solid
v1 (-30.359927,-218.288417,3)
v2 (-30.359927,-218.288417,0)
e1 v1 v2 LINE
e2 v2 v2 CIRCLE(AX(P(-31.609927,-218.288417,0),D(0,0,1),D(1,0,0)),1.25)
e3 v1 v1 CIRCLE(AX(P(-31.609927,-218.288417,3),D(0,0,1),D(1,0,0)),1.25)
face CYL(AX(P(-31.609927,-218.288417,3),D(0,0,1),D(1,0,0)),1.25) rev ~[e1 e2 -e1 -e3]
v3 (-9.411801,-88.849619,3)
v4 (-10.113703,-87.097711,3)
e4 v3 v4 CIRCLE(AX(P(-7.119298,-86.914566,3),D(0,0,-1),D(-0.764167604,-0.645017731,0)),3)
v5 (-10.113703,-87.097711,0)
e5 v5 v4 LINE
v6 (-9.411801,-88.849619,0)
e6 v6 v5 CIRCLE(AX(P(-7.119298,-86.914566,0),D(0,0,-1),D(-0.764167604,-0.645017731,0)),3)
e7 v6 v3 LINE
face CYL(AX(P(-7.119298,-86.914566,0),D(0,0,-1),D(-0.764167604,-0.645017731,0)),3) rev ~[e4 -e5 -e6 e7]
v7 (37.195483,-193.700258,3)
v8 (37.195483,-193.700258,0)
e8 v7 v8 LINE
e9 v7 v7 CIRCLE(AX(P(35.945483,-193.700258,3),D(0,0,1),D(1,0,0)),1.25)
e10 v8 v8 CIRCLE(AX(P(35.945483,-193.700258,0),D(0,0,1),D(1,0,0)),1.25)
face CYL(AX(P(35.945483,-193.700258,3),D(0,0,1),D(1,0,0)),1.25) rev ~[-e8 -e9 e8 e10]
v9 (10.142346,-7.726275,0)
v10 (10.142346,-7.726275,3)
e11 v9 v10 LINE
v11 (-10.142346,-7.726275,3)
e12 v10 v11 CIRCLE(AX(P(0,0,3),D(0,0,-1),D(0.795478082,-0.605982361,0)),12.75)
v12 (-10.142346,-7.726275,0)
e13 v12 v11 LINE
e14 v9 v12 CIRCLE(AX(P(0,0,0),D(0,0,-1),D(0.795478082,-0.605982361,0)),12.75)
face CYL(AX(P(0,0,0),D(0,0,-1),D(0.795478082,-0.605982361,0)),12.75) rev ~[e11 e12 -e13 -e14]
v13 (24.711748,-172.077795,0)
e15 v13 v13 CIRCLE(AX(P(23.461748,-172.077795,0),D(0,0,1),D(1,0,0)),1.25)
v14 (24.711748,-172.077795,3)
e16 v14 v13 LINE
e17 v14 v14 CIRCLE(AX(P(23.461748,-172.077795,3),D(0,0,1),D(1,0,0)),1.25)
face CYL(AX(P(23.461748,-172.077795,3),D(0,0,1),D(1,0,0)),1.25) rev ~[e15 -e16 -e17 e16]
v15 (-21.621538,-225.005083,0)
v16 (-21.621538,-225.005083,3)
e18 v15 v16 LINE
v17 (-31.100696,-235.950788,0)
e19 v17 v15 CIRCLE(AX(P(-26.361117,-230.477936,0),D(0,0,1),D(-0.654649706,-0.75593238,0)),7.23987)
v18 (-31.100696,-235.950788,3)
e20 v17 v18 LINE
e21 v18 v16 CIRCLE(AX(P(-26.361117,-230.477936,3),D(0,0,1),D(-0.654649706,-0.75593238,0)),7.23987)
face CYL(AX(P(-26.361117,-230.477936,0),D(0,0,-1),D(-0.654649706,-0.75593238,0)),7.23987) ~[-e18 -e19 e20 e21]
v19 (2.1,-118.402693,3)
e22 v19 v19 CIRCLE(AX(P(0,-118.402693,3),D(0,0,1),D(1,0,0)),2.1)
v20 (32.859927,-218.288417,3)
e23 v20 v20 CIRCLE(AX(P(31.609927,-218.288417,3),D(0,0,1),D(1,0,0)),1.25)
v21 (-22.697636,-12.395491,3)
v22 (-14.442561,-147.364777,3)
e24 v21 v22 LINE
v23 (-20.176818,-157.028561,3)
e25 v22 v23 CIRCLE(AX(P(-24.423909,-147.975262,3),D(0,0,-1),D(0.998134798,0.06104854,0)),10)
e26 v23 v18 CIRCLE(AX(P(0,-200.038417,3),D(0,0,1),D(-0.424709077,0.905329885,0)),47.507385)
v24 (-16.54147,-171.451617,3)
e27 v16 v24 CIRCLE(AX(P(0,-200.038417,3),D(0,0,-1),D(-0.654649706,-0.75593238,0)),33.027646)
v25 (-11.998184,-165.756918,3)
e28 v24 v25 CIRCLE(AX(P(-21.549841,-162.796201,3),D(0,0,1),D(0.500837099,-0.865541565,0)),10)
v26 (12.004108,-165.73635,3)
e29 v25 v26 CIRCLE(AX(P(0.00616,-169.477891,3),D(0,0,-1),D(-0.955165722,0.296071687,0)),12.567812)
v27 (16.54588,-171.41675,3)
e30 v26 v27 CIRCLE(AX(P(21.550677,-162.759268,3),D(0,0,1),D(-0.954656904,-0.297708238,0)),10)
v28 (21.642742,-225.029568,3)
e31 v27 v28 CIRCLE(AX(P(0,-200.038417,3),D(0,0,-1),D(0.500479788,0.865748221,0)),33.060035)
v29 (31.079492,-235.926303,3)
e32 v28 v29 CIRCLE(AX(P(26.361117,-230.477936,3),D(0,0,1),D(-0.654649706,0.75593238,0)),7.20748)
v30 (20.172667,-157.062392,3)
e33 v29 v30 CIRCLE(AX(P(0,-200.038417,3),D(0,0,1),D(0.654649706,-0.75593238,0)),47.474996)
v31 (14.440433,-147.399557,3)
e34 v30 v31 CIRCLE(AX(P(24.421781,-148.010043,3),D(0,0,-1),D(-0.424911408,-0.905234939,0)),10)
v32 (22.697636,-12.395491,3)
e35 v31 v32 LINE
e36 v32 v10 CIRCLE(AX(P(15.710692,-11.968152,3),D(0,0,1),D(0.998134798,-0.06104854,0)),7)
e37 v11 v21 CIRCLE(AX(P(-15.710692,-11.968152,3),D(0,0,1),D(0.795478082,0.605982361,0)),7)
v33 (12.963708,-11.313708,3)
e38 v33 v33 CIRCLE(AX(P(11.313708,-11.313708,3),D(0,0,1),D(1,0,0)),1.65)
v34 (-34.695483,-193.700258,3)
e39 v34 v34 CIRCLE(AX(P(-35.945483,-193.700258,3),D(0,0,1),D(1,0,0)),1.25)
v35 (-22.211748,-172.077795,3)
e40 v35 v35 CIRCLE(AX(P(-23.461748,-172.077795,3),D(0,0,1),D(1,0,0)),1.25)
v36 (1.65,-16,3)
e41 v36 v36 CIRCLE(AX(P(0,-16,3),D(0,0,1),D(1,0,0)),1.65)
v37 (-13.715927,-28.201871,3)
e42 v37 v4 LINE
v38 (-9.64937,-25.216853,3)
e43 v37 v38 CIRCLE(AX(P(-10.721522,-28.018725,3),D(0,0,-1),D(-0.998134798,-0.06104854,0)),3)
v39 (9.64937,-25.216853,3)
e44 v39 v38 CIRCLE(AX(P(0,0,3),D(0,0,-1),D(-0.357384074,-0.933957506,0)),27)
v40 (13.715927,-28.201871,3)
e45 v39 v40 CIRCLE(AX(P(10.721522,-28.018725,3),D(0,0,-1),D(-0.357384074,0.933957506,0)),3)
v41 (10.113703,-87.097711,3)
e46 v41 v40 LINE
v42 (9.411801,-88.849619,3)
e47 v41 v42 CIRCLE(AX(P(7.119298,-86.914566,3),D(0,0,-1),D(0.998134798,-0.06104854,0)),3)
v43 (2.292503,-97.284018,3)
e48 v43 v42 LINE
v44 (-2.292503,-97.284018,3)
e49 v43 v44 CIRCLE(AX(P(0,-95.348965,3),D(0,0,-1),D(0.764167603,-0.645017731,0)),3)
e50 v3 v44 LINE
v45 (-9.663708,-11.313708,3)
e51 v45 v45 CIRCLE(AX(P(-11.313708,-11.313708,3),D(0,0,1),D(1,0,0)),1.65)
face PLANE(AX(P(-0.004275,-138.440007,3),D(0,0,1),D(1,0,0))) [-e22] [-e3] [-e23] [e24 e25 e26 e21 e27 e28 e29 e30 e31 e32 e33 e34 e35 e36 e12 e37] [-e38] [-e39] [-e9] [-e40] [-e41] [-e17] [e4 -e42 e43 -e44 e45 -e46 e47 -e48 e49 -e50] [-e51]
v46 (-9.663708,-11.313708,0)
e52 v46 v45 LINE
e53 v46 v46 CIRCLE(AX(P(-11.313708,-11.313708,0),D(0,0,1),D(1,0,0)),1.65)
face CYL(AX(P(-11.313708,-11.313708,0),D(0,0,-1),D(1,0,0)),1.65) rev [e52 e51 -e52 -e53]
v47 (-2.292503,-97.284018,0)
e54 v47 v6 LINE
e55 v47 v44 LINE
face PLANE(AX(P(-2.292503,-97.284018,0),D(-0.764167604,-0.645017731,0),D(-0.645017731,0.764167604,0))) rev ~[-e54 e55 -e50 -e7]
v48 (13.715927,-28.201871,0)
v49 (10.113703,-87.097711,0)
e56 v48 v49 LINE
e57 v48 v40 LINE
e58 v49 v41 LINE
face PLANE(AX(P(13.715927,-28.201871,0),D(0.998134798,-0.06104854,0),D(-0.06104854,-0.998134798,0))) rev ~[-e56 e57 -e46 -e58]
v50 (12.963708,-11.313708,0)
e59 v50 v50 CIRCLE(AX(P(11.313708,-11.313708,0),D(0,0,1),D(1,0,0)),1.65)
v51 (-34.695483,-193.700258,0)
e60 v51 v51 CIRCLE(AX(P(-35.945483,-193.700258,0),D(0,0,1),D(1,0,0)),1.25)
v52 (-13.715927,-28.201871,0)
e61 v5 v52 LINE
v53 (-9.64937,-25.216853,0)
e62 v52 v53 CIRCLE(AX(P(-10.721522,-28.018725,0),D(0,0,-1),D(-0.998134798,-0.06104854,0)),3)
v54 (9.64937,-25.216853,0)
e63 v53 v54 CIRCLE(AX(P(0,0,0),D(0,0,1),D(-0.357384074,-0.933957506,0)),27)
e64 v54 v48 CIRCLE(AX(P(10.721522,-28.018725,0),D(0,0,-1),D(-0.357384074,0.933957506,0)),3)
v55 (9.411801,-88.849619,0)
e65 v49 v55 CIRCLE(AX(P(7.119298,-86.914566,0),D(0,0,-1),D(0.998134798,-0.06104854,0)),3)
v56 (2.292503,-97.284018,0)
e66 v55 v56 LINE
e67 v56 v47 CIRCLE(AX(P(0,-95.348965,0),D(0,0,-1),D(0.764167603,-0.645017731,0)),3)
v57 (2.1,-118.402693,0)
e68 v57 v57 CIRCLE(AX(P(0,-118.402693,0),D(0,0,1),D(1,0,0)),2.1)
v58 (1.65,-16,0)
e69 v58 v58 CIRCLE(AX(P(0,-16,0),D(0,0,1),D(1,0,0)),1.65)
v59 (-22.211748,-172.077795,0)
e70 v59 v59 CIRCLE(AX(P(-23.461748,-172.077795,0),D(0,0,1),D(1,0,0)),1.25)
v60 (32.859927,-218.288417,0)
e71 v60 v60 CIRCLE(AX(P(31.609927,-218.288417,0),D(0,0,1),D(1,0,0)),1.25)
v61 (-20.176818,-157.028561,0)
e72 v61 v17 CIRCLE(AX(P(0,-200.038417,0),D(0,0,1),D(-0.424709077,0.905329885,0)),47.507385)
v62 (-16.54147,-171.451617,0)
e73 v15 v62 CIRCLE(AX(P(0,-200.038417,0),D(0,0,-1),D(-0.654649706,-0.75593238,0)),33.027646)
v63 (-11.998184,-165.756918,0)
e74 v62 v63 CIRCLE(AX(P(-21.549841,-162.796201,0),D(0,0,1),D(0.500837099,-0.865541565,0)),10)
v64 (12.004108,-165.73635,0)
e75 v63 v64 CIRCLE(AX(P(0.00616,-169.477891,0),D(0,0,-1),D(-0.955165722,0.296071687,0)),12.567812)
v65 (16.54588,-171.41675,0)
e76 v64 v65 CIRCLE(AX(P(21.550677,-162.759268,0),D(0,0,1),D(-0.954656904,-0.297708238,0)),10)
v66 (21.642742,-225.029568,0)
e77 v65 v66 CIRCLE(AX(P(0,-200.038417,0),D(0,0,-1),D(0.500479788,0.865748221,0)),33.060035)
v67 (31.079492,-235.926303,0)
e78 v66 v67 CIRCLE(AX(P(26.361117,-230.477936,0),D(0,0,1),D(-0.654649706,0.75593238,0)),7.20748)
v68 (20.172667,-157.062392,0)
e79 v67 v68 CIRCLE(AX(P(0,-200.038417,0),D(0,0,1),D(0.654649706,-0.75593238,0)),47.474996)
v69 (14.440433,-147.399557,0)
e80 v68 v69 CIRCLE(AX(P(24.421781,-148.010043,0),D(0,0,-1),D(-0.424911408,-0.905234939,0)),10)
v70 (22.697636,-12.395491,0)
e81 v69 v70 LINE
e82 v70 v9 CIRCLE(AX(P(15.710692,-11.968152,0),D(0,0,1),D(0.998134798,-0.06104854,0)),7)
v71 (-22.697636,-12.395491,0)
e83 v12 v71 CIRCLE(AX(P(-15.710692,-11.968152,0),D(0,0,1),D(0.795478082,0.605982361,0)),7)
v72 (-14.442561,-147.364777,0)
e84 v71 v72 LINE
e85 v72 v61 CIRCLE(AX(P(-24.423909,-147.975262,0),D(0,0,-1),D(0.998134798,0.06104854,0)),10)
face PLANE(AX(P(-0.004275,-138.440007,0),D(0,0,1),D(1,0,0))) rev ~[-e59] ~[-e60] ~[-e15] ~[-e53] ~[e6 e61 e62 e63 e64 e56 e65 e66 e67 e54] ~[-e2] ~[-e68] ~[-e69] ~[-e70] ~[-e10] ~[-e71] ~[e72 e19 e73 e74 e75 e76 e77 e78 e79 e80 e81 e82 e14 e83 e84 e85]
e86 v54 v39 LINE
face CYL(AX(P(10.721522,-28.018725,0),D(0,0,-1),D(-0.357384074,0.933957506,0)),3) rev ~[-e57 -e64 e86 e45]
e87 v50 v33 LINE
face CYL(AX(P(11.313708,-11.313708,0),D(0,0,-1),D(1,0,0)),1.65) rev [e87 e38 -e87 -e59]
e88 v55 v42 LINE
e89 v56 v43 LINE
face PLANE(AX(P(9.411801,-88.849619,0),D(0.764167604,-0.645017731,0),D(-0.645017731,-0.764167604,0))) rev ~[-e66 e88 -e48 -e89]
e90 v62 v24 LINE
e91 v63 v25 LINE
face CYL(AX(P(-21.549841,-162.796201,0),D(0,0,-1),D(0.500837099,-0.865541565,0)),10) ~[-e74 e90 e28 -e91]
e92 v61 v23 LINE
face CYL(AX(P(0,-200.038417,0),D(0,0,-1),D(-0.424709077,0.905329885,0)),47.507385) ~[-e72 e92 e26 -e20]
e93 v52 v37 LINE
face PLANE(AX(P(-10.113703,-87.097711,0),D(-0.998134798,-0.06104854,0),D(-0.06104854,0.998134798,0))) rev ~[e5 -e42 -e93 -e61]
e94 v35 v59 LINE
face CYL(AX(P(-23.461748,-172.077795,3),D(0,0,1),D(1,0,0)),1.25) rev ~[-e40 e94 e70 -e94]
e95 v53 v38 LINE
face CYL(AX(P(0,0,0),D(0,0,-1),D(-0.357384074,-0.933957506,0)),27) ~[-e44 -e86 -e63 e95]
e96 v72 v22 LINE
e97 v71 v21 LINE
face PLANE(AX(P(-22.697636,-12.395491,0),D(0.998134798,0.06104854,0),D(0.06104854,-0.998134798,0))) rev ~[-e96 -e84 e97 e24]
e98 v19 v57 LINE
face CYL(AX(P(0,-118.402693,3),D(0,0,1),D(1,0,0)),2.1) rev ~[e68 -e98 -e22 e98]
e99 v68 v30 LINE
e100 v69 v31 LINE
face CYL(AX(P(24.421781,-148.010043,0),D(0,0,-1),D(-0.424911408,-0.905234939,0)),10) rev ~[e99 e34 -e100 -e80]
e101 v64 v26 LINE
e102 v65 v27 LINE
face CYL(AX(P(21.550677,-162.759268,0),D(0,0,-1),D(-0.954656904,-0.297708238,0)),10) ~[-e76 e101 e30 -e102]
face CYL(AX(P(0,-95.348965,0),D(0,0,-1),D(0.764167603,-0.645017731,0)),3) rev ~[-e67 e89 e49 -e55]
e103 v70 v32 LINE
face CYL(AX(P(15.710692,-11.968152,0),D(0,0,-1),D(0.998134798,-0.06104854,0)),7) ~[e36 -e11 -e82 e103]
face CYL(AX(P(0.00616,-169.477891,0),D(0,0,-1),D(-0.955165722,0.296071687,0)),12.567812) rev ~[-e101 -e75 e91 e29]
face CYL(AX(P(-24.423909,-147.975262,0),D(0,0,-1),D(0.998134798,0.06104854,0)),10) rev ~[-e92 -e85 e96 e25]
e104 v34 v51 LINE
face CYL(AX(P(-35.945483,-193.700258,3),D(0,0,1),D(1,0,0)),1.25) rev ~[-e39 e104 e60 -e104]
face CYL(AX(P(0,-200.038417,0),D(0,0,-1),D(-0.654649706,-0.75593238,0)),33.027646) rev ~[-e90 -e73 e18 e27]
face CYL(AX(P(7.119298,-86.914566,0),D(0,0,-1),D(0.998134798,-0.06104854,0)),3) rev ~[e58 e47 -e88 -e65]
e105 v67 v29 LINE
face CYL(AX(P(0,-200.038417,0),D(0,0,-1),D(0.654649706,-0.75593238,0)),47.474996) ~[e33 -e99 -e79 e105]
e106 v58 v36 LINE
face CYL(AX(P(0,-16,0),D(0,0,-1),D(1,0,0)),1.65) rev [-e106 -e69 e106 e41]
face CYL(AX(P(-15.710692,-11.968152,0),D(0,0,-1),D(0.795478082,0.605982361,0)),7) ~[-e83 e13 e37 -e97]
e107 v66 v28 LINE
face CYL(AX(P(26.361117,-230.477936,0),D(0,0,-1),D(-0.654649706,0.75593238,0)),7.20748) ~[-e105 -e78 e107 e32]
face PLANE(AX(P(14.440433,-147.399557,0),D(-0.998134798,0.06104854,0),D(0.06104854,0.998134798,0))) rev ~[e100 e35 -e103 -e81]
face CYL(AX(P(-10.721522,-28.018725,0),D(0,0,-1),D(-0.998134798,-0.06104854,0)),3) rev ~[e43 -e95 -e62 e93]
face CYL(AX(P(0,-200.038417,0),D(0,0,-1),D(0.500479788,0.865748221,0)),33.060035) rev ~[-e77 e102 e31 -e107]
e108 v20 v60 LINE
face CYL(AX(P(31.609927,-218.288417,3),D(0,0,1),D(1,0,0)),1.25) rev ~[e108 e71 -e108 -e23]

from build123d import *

# Parameters (mm, degrees)
SKETCH_1_R          = 1.65
EXTRUDE_1_DEPTH     = 3
CUT_EXTRUDE_2_DEPTH = 15
SKETCH_5_R          = 2.1
CUT_EXTRUDE_4_DEPTH = 10
SKETCH_7_R          = 1.25
CUT_EXTRUDE_5_DEPTH = 10


with BuildPart() as part:
    # 草图1 → 凸台-拉伸1 (new body)
    with BuildSketch(Plane.XY):
        with BuildLine():
            Line((-22.697635701, -12.395491404), (-14.442560568, -147.364776776))
            ThreePointArc((-14.442560568, -147.364776776), (-15.823949319, -153.078271204), (-20.176817783, -157.028561017))
            ThreePointArc((-20.176817783, -157.028561017), (-47.058743214, -193.524865403), (-31.100695855, -235.950787588))
            ThreePointArc((-31.100695855, -235.950787588), (-20.888265121, -235.217514211), (-21.621538498, -225.005083476))
            ThreePointArc((-21.621538498, -225.005083476), (-32.880043508, -196.919424149), (-16.54147024, -171.451616657))
            ThreePointArc((-16.54147024, -171.451616657), (-13.7328083, -169.032706132), (-11.998184018, -165.756917888))
            ThreePointArc((-11.998184018, -165.756917888), (-0.004609984, -156.91008357), (12.004108348, -165.736350029))
            ThreePointArc((12.004108348, -165.736350029), (13.740280131, -169.004081067), (16.545879515, -171.416749859))
            ThreePointArc((16.545879515, -171.416749859), (32.911643519, -196.909572863), (21.642742476, -225.029567981))
            ThreePointArc((21.642742476, -225.029567981), (20.912749625, -235.196310232), (31.079491877, -235.926303083))
            ThreePointArc((31.079491877, -235.926303083), (47.027386385, -193.534561527), (20.172667208, -157.062392008))
            ThreePointArc((20.172667208, -157.062392008), (15.821251847, -153.112090569), (14.440433304, -147.39955722))
            Line((14.440433304, -147.39955722), (22.697635701, -12.395491404))
            ThreePointArc((22.697635701, -12.395491404), (18.150671537, -5.407168438), (10.142345541, -7.726275101))
            ThreePointArc((10.142345541, -7.726275101), (0, -12.75), (-10.142345541, -7.726275101))
            ThreePointArc((-10.142345541, -7.726275101), (-18.150671537, -5.407168438), (-22.697635701, -12.395491404))
        make_face()
        with Locations((-11.313708499, -11.313708499)):
            Circle(SKETCH_1_R, mode=Mode.SUBTRACT)
        with Locations((0, -16)):
            Circle(SKETCH_1_R, mode=Mode.SUBTRACT)
        with Locations((11.313708499, -11.313708499)):
            Circle(SKETCH_1_R, mode=Mode.SUBTRACT)
    extrude(amount=EXTRUDE_1_DEPTH)

    # 草图4 → 切除-拉伸2 (cut)
    with BuildSketch(Plane(origin=(0, 0, 0), x_dir=(-1, 0, 0), z_dir=(0, 0, -1))):
        with BuildLine():
            Line((-13.715926625, -28.201870805), (-10.113702702, -87.097711346))
            ThreePointArc((-10.113702702, -87.097711346), (-9.904103863, -88.030297779), (-9.411801117, -88.849618921))
            Line((-9.411801117, -88.849618921), (-2.292502811, -97.284018261))
            ThreePointArc((-2.292502811, -97.284018261), (0, -98.348965067), (2.292502811, -97.284018261))
            Line((2.292502811, -97.284018261), (9.411801117, -88.849618921))
            ThreePointArc((9.411801117, -88.849618921), (9.904103863, -88.030297779), (10.113702702, -87.097711346))
            Line((10.113702702, -87.097711346), (13.715926625, -28.201870805))
            ThreePointArc((13.715926625, -28.201870805), (12.496725506, -25.600326268), (9.649370007, -25.216852668))
            ThreePointArc((9.649370007, -25.216852668), (0, -27), (-9.649370007, -25.216852668))
            ThreePointArc((-9.649370007, -25.216852668), (-12.496725506, -25.600326268), (-13.715926625, -28.201870805))
        make_face()
    extrude(amount=-CUT_EXTRUDE_2_DEPTH, mode=Mode.SUBTRACT)

    # 草图5 → 切除-拉伸4 (cut)
    with BuildSketch(Plane.XY.offset(3)):
        with Locations((0, -188.402692504)):
            Circle(SKETCH_5_R)
        with Locations((0, -118.402692504)):
            Circle(SKETCH_5_R)
    extrude(amount=-CUT_EXTRUDE_4_DEPTH, mode=Mode.SUBTRACT)

    # 草图7 → 切除-拉伸5 (cut)
    with BuildSketch(Plane.XY.offset(3)):
        with Locations((0, -163.538416724)):
            Circle(SKETCH_7_R)
        with Locations((23.461747754, -172.07779455)):
            Circle(SKETCH_7_R)
        with Locations((35.945482985, -193.700258239)):
            Circle(SKETCH_7_R)
        with Locations((31.609927238, -218.288416724)):
            Circle(SKETCH_7_R)
        with Locations((12.483735231, -234.337197383)):
            Circle(SKETCH_7_R)
        with Locations((-12.483735231, -234.337197383)):
            Circle(SKETCH_7_R)
        with Locations((-31.609927238, -218.288416724)):
            Circle(SKETCH_7_R)
        with Locations((-35.945482985, -193.700258239)):
            Circle(SKETCH_7_R)
        with Locations((-23.461747754, -172.07779455)):
            Circle(SKETCH_7_R)
    extrude(amount=-CUT_EXTRUDE_5_DEPTH, mode=Mode.SUBTRACT)


solid = part.part
